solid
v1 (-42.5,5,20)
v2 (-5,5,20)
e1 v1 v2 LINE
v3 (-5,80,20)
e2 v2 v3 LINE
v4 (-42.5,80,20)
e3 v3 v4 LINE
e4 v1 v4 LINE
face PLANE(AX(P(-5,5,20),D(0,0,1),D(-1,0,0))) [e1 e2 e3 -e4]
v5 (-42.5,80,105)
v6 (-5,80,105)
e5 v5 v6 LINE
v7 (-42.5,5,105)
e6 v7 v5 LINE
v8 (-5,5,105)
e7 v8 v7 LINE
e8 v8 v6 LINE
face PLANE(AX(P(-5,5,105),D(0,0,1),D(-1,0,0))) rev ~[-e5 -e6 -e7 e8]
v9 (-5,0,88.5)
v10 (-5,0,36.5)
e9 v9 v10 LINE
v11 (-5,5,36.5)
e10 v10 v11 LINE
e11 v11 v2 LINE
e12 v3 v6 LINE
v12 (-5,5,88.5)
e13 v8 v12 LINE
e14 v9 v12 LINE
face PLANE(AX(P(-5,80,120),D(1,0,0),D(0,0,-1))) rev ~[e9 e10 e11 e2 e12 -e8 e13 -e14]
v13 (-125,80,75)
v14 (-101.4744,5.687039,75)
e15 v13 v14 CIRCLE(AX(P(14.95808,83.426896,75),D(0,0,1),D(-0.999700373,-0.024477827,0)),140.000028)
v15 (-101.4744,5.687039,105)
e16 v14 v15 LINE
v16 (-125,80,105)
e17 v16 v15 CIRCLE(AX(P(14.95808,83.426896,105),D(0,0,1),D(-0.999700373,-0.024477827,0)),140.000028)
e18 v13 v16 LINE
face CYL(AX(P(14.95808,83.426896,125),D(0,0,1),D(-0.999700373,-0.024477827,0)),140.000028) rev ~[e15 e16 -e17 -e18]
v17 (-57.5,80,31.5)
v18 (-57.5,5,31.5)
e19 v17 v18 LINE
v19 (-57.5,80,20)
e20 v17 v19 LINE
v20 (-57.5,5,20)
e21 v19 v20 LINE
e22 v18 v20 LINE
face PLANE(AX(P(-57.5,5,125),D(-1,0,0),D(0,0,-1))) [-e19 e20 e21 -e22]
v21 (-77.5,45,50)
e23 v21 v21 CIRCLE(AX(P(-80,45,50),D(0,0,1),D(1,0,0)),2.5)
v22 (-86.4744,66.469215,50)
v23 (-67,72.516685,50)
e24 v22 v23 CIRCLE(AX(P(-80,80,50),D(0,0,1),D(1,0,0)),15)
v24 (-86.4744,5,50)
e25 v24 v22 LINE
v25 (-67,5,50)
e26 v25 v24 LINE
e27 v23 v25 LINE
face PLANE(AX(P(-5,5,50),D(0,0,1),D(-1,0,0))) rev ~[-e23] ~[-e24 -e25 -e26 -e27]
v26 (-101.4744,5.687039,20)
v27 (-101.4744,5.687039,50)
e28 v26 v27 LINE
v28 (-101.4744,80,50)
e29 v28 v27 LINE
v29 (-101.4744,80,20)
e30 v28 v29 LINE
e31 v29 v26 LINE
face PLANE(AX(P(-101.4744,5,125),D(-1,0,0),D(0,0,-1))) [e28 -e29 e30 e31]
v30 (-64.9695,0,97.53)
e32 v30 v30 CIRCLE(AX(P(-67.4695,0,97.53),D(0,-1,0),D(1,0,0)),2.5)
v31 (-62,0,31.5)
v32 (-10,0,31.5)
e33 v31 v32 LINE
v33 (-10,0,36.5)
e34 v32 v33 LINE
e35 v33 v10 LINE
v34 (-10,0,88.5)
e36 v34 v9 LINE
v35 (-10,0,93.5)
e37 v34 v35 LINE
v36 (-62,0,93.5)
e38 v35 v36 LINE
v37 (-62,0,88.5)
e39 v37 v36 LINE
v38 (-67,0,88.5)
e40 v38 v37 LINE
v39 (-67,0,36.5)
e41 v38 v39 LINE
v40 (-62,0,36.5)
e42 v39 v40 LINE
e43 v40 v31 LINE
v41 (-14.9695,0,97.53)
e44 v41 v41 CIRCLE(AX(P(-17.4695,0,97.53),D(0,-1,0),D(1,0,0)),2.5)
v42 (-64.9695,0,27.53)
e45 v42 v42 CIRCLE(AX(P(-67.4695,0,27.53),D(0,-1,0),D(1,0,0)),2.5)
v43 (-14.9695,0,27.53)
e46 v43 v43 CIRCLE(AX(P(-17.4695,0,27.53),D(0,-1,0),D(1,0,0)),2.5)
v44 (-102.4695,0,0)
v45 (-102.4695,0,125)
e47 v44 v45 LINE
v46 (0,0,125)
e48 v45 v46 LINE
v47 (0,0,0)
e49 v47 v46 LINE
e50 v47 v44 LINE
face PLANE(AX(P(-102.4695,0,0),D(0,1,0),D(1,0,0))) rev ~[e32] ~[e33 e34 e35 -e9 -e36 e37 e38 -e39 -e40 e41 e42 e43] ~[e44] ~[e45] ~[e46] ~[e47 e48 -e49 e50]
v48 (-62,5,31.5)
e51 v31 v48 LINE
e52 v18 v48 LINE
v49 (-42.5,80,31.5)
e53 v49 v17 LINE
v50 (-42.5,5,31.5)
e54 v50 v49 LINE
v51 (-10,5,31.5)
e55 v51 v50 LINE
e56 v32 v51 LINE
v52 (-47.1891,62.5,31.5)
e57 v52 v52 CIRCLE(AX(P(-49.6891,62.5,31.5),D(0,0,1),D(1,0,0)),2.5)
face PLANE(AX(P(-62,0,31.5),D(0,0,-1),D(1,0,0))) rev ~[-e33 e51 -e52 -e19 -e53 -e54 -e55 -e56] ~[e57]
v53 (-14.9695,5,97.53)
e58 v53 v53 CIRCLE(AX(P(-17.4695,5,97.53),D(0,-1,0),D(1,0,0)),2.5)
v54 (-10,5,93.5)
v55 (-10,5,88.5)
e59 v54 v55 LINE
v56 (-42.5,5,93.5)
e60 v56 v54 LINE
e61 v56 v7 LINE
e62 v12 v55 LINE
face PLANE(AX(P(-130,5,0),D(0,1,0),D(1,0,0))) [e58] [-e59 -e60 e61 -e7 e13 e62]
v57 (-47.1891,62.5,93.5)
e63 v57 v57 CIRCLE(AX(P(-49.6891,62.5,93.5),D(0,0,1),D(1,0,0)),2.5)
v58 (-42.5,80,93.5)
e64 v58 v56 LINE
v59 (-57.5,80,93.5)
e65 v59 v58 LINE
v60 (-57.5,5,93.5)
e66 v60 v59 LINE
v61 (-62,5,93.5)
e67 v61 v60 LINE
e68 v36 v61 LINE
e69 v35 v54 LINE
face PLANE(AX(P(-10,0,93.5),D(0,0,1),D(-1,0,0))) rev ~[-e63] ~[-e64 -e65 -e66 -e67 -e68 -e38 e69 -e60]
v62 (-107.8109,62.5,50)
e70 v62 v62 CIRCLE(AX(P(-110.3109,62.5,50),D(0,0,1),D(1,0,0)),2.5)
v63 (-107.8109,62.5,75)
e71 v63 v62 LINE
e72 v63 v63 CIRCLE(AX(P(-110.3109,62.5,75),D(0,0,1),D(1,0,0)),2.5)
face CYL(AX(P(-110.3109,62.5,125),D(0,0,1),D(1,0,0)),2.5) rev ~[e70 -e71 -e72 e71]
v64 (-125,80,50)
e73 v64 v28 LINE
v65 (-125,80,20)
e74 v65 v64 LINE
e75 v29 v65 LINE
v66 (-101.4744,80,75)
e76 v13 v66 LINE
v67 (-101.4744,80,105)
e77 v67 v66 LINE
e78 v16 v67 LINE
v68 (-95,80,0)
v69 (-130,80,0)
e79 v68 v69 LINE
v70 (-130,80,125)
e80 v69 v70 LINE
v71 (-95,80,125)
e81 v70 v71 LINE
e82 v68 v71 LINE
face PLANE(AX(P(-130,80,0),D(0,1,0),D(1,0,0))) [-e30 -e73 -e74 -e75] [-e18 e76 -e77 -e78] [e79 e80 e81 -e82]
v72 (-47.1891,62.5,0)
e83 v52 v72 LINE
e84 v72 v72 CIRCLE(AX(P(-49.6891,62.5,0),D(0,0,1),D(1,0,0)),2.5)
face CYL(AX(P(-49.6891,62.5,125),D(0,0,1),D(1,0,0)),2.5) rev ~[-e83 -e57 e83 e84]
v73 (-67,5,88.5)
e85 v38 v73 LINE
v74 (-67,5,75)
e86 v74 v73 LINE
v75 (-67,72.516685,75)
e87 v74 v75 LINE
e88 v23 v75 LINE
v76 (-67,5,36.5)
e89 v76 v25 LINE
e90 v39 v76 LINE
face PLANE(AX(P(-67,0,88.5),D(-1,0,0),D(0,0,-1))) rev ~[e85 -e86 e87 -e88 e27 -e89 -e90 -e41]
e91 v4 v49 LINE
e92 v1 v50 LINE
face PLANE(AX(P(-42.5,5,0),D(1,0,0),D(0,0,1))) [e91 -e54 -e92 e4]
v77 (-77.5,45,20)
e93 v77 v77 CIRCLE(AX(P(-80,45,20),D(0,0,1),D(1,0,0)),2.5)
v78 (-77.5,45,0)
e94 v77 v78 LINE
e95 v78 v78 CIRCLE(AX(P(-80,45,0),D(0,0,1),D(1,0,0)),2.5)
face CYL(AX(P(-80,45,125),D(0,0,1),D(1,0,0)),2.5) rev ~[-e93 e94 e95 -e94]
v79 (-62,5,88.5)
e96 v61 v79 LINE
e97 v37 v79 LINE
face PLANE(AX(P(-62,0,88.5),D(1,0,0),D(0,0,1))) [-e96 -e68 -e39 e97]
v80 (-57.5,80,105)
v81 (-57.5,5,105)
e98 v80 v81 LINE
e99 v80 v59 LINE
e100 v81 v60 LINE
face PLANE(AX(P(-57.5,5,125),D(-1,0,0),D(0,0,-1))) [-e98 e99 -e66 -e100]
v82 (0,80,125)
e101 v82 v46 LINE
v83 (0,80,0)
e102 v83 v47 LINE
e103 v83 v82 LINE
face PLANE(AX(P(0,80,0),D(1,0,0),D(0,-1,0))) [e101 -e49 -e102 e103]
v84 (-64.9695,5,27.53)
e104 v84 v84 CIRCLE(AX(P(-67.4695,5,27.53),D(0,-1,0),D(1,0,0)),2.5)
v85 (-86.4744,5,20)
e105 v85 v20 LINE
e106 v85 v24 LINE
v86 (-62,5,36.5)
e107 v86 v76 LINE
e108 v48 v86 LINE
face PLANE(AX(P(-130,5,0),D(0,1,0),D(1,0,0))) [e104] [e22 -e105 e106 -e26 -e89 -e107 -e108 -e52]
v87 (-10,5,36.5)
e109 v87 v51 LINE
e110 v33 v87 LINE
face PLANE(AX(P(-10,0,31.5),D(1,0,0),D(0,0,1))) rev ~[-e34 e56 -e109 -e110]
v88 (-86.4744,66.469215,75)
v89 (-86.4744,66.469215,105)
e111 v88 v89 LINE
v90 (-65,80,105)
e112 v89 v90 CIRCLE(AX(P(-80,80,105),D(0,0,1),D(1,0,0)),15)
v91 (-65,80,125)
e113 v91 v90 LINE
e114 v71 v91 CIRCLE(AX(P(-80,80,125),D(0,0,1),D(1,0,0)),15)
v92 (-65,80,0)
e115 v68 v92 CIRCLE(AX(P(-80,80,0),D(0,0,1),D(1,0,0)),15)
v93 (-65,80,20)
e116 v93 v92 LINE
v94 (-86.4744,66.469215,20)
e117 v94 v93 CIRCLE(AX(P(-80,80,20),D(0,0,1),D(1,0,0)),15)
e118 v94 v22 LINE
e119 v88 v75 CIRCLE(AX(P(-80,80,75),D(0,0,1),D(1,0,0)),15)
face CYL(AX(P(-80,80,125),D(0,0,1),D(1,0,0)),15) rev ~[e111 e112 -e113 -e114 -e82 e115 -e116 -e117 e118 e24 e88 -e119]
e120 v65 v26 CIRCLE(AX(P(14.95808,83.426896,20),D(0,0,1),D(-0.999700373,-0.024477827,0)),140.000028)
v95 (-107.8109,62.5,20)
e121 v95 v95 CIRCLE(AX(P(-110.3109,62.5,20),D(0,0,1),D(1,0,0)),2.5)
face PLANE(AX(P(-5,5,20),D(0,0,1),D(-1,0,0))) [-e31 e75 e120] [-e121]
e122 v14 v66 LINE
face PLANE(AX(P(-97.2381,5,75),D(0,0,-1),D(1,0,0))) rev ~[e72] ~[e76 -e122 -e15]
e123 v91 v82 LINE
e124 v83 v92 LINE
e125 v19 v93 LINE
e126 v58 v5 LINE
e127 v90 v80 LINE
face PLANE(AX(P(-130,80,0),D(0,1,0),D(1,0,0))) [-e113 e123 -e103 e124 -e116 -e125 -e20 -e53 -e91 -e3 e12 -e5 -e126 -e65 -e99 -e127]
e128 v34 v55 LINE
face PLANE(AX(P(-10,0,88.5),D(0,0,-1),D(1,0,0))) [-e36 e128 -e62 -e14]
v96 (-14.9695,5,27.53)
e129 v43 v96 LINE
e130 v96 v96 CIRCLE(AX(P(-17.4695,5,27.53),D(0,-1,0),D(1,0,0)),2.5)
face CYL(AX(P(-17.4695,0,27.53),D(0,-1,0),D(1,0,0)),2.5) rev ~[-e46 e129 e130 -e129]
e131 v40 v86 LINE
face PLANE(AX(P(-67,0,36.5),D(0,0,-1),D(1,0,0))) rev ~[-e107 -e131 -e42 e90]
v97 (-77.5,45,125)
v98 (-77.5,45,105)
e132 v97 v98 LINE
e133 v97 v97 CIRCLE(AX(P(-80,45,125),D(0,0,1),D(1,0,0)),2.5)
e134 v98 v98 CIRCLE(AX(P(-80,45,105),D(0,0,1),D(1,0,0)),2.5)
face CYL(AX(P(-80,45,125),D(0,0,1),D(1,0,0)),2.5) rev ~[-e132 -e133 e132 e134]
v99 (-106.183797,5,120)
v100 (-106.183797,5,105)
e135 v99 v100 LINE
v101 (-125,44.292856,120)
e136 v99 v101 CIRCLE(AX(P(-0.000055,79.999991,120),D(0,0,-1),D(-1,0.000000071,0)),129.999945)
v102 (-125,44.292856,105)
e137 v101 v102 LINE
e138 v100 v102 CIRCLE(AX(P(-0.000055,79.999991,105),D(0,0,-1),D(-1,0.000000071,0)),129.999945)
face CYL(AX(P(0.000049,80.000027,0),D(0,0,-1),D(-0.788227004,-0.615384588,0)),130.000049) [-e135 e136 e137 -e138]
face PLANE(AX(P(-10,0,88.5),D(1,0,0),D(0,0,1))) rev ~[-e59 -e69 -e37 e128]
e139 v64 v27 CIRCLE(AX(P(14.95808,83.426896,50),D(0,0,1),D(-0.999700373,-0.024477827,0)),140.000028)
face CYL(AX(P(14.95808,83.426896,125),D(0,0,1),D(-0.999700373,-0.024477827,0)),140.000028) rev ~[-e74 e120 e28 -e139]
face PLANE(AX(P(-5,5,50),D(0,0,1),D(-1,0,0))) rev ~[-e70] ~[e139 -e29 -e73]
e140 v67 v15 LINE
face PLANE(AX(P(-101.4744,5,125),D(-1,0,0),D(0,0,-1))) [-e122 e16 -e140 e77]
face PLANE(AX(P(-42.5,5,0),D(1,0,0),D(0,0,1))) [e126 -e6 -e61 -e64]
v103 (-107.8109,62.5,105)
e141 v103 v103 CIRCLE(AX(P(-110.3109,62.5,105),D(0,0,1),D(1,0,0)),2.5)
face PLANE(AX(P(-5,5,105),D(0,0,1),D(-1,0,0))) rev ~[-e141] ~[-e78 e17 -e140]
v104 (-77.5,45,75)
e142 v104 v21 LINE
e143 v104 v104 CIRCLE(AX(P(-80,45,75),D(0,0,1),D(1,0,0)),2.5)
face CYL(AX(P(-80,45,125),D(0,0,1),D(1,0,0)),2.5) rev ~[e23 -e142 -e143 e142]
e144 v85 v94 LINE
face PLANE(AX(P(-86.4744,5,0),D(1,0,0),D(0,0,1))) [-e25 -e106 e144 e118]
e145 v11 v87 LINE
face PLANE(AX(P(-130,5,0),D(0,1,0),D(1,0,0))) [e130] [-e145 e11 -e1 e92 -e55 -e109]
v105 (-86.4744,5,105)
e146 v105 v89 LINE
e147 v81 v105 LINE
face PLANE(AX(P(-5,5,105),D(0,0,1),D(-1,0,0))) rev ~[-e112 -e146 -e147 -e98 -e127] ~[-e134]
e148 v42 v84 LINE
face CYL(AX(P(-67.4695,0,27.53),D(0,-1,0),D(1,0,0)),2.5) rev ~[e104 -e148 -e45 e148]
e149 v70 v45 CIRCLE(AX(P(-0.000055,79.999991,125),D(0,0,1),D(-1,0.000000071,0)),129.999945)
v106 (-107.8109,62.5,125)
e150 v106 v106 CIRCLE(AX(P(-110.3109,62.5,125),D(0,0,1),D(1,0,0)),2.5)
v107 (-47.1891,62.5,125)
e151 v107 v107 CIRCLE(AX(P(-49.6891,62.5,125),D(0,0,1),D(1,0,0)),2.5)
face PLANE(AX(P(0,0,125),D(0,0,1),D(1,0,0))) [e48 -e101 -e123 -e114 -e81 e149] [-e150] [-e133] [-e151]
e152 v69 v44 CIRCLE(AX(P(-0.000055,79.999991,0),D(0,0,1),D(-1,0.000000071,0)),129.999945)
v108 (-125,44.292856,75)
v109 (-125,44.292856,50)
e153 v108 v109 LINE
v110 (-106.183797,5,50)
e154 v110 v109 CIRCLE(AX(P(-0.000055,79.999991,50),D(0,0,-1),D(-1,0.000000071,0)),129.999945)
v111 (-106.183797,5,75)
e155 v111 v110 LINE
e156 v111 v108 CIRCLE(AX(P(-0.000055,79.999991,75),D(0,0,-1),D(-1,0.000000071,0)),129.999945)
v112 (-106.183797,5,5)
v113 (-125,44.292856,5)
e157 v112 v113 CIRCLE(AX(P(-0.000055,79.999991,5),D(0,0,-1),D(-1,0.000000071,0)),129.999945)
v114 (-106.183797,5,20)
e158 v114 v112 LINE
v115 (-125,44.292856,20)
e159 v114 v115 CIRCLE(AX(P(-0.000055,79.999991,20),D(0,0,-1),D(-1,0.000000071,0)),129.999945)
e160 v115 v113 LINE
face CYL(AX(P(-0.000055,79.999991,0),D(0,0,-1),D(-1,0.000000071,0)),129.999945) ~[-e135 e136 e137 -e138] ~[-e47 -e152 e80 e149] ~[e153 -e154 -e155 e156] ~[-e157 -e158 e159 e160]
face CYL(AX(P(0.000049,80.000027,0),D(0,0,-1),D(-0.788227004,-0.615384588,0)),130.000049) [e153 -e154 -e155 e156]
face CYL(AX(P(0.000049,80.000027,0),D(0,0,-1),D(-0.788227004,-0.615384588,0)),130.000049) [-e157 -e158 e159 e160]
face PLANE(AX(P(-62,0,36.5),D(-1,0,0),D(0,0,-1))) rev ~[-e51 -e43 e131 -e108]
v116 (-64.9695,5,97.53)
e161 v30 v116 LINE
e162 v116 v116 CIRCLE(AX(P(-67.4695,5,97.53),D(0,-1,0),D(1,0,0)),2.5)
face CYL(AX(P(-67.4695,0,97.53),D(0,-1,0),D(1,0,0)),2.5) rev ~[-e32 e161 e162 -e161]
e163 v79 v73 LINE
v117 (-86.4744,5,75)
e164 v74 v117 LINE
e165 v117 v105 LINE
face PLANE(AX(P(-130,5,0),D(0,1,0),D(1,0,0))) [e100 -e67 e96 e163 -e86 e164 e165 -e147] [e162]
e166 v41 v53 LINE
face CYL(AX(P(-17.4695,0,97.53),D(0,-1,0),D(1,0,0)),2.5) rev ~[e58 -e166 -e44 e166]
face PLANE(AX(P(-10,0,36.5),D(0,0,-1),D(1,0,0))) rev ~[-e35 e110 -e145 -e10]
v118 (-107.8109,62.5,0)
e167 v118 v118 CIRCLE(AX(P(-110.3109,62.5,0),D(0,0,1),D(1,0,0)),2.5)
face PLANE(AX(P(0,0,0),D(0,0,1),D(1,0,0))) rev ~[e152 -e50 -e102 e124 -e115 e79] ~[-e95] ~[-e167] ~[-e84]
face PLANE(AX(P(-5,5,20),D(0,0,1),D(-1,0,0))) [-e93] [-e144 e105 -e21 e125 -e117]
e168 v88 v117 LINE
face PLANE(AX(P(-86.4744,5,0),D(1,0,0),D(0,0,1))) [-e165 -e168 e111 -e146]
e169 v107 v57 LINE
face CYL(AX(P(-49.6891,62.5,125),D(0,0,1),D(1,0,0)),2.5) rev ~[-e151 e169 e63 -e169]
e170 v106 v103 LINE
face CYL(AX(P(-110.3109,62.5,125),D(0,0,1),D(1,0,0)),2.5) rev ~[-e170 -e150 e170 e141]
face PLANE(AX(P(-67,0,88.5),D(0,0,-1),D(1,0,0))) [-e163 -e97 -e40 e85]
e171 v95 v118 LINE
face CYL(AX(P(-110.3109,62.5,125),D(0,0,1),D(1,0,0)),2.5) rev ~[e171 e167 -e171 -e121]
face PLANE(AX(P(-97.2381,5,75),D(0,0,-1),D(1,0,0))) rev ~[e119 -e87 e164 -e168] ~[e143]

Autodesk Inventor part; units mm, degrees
ref_plane "YZ Plane" through (0, 0, 0) normal (1, 0, 0) x (0, 1, 0)
ref_plane "XZ Plane" through (0, 0, 0) normal (0, 1, 0) x (-1, 0, 0)
ref_plane "XY Plane" through (0, 0, 0) normal (0, 0, 1) x (1, 0, 0)
sketch "Sketch1" plane through (0, 0, 0) normal (0, 0, 1) x (1, 0, 0)
  circle A0 centre (0, 80) radius 130 construction
  line L0 (0, -50) -> (0, 0) construction
  line L1 (0, 0) -> (-102.4695, 0) construction
  arc A1 (-130, 80) -> (-102.4695, 0) centre (0, 80) ccw
  line L2 (-130, 80) -> (0, 80)
  line L3 (0, 80) -> (0, 0)
  line L4 (-102.4695, 0) -> (0, 0)
  dimension "d0" = 260
  dimension "d1" = 50
extrude "Extrusion1" add sketch "Sketch1" along normal blind 125
sketch "Sketch6" plane through (-130, 80, 0) normal (0, 1, 0) x (1, 0, 0)
  line L0 (0, 0) -> (0, -125) projected
  line L1 (0, 0) -> (130, 0)
  line L2 (130, 0) -> (130, -125)
  line L3 (130, -125) -> (0, -125)
  line L4 (0, -125) -> (0, 0)
  line L5 (5, -120) -> (125, -120)
  line L6 (125, -120) -> (125, -5)
  line L7 (125, -5) -> (5, -5)
  line L8 (5, -5) -> (5, -120)
  point P0 (130, 0)
  dimension "d25" = 5
extrude "Extrusion5" cut sketch "Sketch6" against normal blind 75 contours L8 L7 L6 L5
sketch "Sketch7" plane through (-102.4695, 0, 0) normal (0, -1, 0) x (1, 0, 0)
  circle A0 centre (35, 97.53) radius 2.5
  circle A1 centre (85, 97.53) radius 2.5
  line L0 (0, 125) -> (102.4695, 125) projected
  line L1 (0, 0) -> (0, 125) projected
  circle A2 centre (35, 27.53) radius 2.5
  circle A3 centre (85, 27.53) radius 2.5
  line L2 (102.4695, 0) -> (102.4695, 125) projected
  dimension "d28" = 5
  dimension "d29" = 5
  dimension "d30" = 27.47
  dimension "d31" = 50
  dimension "d33" = 5
  dimension "d34" = 5
  dimension "d35" = 70
  dimension "d82" = 35
extrude "Extrusion6" cut sketch "Sketch7" against normal through all
sketch "Sketch8" plane through (0, 0, 125) normal (0, 0, 1) x (1, 0, 0)
  line L0 (0, 80) -> (-130, 80) projected
  arc A0 (-130, 80) -> (-102.4695, 0) centre (0, 80) ccw projected
  arc A1 (-130, 80) -> (-102.4695, 0) centre (9.9581, 83.4269) ccw
  line L1 (-102.4695, 0) -> (-97.4695, 0)
  line L2 (-102.4695, 0) -> (0, 0) projected
  line L3 (-130, 80) -> (-125, 80)
  arc A2 (-125, 80) -> (-97.4695, 0) centre (14.9581, 83.4269) ccw
  dimension "d40" = 5
  dimension "d41" = 5
  dimension "d42" = 140
extrude "Extrusion7" add sketch "Sketch8" against normal blind 125
sketch "Sketch11" plane through (-130, 5, 0) normal (0, 1, 0) x (1, 0, 0)
  line L0 (125, -5) -> (125, -120) projected
  line L1 (125, -50) -> (5, -50)
  line L2 (5, -50) -> (5, -65)
  line L3 (5, -65) -> (125, -65)
  line L4 (125, -65) -> (125, -50)
  line L5 (125, -60) -> (5, -60)
  line L6 (5, -60) -> (5, -75)
  line L7 (5, -75) -> (125, -75)
  line L8 (125, -75) -> (125, -60)
  line L9 (32.7619, 0) -> (32.7619, -150)
  line L10 (125, -105) -> (5, -105)
  line L11 (5, -105) -> (5, -120)
  line L12 (5, -120) -> (125, -120)
  line L13 (125, -120) -> (125, -105)
  line L14 (125, -20) -> (5, -20)
  line L15 (5, -20) -> (5, -5)
  line L16 (5, -5) -> (125, -5)
  line L17 (125, -5) -> (125, -20)
  line L18 (5, -5) -> (125, -5)
  line L19 (5, -120) -> (5, -5) projected
  line L20 (125, -120) -> (5, -120) projected
  line L21 (125, -5) -> (125, -20)
  point P0 (130, 0)
  point P1 (65, -120)
  point P2 (65, -5)
  point P3 (5, -12.5)
  point P4 (5, -57.5)
  dimension "d54" = 15
  dimension "d55" = 15
  dimension "d56" = 15
  dimension "d57" = 15
  dimension "d58" = 30
  dimension "d59" = 30
  dimension "d66" = 5
extrude "Extrusion10" add sketch "Sketch11" along normal blind 75 contours L0 L14 L9 L16 | L9 L14 L15 L16 | L0 L5 L9 L1 | L0 L3 L9 L5 | L9 L5 L2 L1 | L0 L7 L9 L3 | L9 L3 L2 L5 | L9 L7 L6 L3 | L0 L12 L9 L10 | L9 L12 L11 L10
sketch "Sketch12" plane through (-130, 5, 0) normal (0, 1, 0) x (1, 0, 0)
  line L0 (27.5305, 0) -> (130, 0) projected
  line L1 (27.5305, -125) -> (130, -125) projected
  line L2 (72.5, 0) -> (87.5, 0)
  line L3 (87.5, 0) -> (87.5, -125)
  line L4 (87.5, -125) -> (72.5, -125)
  line L5 (72.5, -125) -> (72.5, 0)
  line L6 (28.5256, 0) -> (43.5256, 0)
  line L7 (43.5256, 0) -> (43.5256, -125)
  line L8 (43.5256, -125) -> (28.5256, -125)
  line L9 (28.5256, -125) -> (28.5256, 0)
  line L10 (130, 0) -> (130, -125) projected
  dimension "d62" = 15
  dimension "d63" = 15
  dimension "d92" = 42.5
extrude "Extrusion11" add sketch "Sketch12" along normal blind 75 contours L0 L7 L1 L9 | L0 L3 L1 L5
sketch "Sketch9" plane through (0, 0, 125) normal (0, 0, 1) x (1, 0, 0)
  circle A0 centre (-80, 80) radius 15
  point P0 (0, 0)
  point P1 (0, 80)
  dimension "d45" = 30
  dimension "d46" = 80
extrude "Extrusion8" cut sketch "Sketch9" against normal through all
sketch "Sketch13" plane through (0, 0, 0) normal (0, 0, -1) x (-1, 0, 0)
  arc A0 (102.4695, 0) -> (130, 80) centre (-9.9581, 83.4269) ccw
  line L0 (130, 80) -> (130, 80)
  arc A1 (102.4695, 0) -> (130, 80) centre (0, 80) ccw projected
  line L1 (130, 80) -> (130, 80)
  line L2 (95, 80) -> (130, 80) projected
  line L3 (130, 80) -> (130, 0)
  line L4 (130, 0) -> (102.4695, 0)
  point P0 (0, 0)
  dimension "d67" = 140
extrude "Extrusion12" cut sketch "Sketch13" against normal through all contours A1 L3 L4
sketch "Sketch14" plane through (0, 0, 125) normal (0, 0, 1) x (1, 0, 0)
  line L0 (-102.4695, 0) -> (0, 0) construction
  circle A0 centre (-110.3109, 97.5) radius 2.5
  circle A1 centre (-80, 80) radius 35 construction
  circle A2 centre (-110.3109, 62.5) radius 2.5
  circle A3 centre (-80, 45) radius 2.5
  circle A4 centre (-49.6891, 62.5) radius 2.5
  circle A5 centre (-49.6891, 97.5) radius 2.5
  circle A6 centre (-80, 115) radius 2.5
  arc A7 (-95, 80) -> (-65, 80) centre (-80, 80) ccw projected
  point P0 (0, 80)
  dimension "d74" = 70
  dimension "d72" = 5
  dimension "d77" = 360
extrude "Extrusion13" cut sketch "Sketch14" against normal through all
sketch "Sketch16" plane through (-102.4695, 0, 0) normal (0, -1, 0) x (1, 0, 0)
  line L0 (35.4695, 31.5) -> (35.4695, 93.5) construction
  line L1 (97.4695, 93.5) -> (35.4695, 93.5) construction
  line L2 (35.4695, 93.5) -> (35.4695, 31.5) construction
  line L3 (35.4695, 31.5) -> (97.4695, 31.5) construction
  line L4 (97.4695, 31.5) -> (97.4695, 93.5) construction
  line L5 (0, 125) -> (102.4695, 125) projected
  line L6 (0, 0) -> (102.4695, 0) projected
  line L7 (102.4695, 0) -> (102.4695, 125) projected
  line L8 (97.4695, 93.5) -> (92.4695, 93.5) construction
  line L9 (92.4695, 93.5) -> (92.4695, 88.5) construction
  line L10 (92.4695, 88.5) -> (97.4695, 88.5) construction
  line L11 (97.4695, 88.5) -> (97.4695, 93.5) construction
  line L12 (35.4695, 31.5) -> (40.4695, 31.5) construction
  line L13 (40.4695, 31.5) -> (40.4695, 36.5) construction
  line L14 (40.4695, 36.5) -> (35.4695, 36.5) construction
  line L15 (35.4695, 36.5) -> (35.4695, 31.5) construction
  line L16 (35.4695, 93.5) -> (40.4695, 93.5) construction
  line L17 (40.4695, 93.5) -> (40.4695, 88.5) construction
  line L18 (40.4695, 88.5) -> (35.4695, 88.5) construction
  line L19 (35.4695, 88.5) -> (35.4695, 93.5) construction
  line L20 (97.4695, 31.5) -> (92.4695, 31.5) construction
  line L21 (92.4695, 31.5) -> (92.4695, 36.5) construction
  line L22 (92.4695, 36.5) -> (97.4695, 36.5) construction
  line L23 (97.4695, 36.5) -> (97.4695, 31.5) construction
  line L24 (92.4695, 93.5) -> (40.4695, 93.5)
  line L25 (40.4695, 88.5) -> (40.4695, 93.5)
  line L26 (35.4695, 88.5) -> (40.4695, 88.5)
  line L27 (35.4695, 88.5) -> (35.4695, 36.5)
  line L28 (35.4695, 36.5) -> (40.4695, 36.5)
  line L29 (40.4695, 36.5) -> (40.4695, 31.5)
  line L30 (40.4695, 31.5) -> (92.4695, 31.5)
  line L31 (92.4695, 31.5) -> (92.4695, 36.5)
  line L32 (92.4695, 36.5) -> (97.4695, 36.5)
  line L33 (97.4695, 20) -> (97.4695, 50) projected
  line L34 (97.4695, 36.5) -> (97.4695, 88.5)
  line L35 (97.4695, 75) -> (97.4695, 105) projected
  line L36 (92.4695, 88.5) -> (97.4695, 88.5)
  line L37 (92.4695, 88.5) -> (92.4695, 93.5)
  point P0 (97.4695, 62.5)
  point P1 (102.4695, 62.5)
  point P2 (66.4695, 31.5)
  point P3 (51.2348, 0)
  dimension "d100" = 62
  dimension "d101" = 62
  dimension "d102" = 5
  dimension "d103" = 5
  dimension "d104" = 5
  dimension "d105" = 5
  dimension "d106" = 5
  dimension "d107" = 5
  dimension "d108" = 5
  dimension "d109" = 5
  dimension "d110" = 5
extrude "Extrusion15" cut sketch "Sketch16" against normal through all
equation "\"d101\" = d100"
properties part number "SJ005" material "ABS Plastic"
